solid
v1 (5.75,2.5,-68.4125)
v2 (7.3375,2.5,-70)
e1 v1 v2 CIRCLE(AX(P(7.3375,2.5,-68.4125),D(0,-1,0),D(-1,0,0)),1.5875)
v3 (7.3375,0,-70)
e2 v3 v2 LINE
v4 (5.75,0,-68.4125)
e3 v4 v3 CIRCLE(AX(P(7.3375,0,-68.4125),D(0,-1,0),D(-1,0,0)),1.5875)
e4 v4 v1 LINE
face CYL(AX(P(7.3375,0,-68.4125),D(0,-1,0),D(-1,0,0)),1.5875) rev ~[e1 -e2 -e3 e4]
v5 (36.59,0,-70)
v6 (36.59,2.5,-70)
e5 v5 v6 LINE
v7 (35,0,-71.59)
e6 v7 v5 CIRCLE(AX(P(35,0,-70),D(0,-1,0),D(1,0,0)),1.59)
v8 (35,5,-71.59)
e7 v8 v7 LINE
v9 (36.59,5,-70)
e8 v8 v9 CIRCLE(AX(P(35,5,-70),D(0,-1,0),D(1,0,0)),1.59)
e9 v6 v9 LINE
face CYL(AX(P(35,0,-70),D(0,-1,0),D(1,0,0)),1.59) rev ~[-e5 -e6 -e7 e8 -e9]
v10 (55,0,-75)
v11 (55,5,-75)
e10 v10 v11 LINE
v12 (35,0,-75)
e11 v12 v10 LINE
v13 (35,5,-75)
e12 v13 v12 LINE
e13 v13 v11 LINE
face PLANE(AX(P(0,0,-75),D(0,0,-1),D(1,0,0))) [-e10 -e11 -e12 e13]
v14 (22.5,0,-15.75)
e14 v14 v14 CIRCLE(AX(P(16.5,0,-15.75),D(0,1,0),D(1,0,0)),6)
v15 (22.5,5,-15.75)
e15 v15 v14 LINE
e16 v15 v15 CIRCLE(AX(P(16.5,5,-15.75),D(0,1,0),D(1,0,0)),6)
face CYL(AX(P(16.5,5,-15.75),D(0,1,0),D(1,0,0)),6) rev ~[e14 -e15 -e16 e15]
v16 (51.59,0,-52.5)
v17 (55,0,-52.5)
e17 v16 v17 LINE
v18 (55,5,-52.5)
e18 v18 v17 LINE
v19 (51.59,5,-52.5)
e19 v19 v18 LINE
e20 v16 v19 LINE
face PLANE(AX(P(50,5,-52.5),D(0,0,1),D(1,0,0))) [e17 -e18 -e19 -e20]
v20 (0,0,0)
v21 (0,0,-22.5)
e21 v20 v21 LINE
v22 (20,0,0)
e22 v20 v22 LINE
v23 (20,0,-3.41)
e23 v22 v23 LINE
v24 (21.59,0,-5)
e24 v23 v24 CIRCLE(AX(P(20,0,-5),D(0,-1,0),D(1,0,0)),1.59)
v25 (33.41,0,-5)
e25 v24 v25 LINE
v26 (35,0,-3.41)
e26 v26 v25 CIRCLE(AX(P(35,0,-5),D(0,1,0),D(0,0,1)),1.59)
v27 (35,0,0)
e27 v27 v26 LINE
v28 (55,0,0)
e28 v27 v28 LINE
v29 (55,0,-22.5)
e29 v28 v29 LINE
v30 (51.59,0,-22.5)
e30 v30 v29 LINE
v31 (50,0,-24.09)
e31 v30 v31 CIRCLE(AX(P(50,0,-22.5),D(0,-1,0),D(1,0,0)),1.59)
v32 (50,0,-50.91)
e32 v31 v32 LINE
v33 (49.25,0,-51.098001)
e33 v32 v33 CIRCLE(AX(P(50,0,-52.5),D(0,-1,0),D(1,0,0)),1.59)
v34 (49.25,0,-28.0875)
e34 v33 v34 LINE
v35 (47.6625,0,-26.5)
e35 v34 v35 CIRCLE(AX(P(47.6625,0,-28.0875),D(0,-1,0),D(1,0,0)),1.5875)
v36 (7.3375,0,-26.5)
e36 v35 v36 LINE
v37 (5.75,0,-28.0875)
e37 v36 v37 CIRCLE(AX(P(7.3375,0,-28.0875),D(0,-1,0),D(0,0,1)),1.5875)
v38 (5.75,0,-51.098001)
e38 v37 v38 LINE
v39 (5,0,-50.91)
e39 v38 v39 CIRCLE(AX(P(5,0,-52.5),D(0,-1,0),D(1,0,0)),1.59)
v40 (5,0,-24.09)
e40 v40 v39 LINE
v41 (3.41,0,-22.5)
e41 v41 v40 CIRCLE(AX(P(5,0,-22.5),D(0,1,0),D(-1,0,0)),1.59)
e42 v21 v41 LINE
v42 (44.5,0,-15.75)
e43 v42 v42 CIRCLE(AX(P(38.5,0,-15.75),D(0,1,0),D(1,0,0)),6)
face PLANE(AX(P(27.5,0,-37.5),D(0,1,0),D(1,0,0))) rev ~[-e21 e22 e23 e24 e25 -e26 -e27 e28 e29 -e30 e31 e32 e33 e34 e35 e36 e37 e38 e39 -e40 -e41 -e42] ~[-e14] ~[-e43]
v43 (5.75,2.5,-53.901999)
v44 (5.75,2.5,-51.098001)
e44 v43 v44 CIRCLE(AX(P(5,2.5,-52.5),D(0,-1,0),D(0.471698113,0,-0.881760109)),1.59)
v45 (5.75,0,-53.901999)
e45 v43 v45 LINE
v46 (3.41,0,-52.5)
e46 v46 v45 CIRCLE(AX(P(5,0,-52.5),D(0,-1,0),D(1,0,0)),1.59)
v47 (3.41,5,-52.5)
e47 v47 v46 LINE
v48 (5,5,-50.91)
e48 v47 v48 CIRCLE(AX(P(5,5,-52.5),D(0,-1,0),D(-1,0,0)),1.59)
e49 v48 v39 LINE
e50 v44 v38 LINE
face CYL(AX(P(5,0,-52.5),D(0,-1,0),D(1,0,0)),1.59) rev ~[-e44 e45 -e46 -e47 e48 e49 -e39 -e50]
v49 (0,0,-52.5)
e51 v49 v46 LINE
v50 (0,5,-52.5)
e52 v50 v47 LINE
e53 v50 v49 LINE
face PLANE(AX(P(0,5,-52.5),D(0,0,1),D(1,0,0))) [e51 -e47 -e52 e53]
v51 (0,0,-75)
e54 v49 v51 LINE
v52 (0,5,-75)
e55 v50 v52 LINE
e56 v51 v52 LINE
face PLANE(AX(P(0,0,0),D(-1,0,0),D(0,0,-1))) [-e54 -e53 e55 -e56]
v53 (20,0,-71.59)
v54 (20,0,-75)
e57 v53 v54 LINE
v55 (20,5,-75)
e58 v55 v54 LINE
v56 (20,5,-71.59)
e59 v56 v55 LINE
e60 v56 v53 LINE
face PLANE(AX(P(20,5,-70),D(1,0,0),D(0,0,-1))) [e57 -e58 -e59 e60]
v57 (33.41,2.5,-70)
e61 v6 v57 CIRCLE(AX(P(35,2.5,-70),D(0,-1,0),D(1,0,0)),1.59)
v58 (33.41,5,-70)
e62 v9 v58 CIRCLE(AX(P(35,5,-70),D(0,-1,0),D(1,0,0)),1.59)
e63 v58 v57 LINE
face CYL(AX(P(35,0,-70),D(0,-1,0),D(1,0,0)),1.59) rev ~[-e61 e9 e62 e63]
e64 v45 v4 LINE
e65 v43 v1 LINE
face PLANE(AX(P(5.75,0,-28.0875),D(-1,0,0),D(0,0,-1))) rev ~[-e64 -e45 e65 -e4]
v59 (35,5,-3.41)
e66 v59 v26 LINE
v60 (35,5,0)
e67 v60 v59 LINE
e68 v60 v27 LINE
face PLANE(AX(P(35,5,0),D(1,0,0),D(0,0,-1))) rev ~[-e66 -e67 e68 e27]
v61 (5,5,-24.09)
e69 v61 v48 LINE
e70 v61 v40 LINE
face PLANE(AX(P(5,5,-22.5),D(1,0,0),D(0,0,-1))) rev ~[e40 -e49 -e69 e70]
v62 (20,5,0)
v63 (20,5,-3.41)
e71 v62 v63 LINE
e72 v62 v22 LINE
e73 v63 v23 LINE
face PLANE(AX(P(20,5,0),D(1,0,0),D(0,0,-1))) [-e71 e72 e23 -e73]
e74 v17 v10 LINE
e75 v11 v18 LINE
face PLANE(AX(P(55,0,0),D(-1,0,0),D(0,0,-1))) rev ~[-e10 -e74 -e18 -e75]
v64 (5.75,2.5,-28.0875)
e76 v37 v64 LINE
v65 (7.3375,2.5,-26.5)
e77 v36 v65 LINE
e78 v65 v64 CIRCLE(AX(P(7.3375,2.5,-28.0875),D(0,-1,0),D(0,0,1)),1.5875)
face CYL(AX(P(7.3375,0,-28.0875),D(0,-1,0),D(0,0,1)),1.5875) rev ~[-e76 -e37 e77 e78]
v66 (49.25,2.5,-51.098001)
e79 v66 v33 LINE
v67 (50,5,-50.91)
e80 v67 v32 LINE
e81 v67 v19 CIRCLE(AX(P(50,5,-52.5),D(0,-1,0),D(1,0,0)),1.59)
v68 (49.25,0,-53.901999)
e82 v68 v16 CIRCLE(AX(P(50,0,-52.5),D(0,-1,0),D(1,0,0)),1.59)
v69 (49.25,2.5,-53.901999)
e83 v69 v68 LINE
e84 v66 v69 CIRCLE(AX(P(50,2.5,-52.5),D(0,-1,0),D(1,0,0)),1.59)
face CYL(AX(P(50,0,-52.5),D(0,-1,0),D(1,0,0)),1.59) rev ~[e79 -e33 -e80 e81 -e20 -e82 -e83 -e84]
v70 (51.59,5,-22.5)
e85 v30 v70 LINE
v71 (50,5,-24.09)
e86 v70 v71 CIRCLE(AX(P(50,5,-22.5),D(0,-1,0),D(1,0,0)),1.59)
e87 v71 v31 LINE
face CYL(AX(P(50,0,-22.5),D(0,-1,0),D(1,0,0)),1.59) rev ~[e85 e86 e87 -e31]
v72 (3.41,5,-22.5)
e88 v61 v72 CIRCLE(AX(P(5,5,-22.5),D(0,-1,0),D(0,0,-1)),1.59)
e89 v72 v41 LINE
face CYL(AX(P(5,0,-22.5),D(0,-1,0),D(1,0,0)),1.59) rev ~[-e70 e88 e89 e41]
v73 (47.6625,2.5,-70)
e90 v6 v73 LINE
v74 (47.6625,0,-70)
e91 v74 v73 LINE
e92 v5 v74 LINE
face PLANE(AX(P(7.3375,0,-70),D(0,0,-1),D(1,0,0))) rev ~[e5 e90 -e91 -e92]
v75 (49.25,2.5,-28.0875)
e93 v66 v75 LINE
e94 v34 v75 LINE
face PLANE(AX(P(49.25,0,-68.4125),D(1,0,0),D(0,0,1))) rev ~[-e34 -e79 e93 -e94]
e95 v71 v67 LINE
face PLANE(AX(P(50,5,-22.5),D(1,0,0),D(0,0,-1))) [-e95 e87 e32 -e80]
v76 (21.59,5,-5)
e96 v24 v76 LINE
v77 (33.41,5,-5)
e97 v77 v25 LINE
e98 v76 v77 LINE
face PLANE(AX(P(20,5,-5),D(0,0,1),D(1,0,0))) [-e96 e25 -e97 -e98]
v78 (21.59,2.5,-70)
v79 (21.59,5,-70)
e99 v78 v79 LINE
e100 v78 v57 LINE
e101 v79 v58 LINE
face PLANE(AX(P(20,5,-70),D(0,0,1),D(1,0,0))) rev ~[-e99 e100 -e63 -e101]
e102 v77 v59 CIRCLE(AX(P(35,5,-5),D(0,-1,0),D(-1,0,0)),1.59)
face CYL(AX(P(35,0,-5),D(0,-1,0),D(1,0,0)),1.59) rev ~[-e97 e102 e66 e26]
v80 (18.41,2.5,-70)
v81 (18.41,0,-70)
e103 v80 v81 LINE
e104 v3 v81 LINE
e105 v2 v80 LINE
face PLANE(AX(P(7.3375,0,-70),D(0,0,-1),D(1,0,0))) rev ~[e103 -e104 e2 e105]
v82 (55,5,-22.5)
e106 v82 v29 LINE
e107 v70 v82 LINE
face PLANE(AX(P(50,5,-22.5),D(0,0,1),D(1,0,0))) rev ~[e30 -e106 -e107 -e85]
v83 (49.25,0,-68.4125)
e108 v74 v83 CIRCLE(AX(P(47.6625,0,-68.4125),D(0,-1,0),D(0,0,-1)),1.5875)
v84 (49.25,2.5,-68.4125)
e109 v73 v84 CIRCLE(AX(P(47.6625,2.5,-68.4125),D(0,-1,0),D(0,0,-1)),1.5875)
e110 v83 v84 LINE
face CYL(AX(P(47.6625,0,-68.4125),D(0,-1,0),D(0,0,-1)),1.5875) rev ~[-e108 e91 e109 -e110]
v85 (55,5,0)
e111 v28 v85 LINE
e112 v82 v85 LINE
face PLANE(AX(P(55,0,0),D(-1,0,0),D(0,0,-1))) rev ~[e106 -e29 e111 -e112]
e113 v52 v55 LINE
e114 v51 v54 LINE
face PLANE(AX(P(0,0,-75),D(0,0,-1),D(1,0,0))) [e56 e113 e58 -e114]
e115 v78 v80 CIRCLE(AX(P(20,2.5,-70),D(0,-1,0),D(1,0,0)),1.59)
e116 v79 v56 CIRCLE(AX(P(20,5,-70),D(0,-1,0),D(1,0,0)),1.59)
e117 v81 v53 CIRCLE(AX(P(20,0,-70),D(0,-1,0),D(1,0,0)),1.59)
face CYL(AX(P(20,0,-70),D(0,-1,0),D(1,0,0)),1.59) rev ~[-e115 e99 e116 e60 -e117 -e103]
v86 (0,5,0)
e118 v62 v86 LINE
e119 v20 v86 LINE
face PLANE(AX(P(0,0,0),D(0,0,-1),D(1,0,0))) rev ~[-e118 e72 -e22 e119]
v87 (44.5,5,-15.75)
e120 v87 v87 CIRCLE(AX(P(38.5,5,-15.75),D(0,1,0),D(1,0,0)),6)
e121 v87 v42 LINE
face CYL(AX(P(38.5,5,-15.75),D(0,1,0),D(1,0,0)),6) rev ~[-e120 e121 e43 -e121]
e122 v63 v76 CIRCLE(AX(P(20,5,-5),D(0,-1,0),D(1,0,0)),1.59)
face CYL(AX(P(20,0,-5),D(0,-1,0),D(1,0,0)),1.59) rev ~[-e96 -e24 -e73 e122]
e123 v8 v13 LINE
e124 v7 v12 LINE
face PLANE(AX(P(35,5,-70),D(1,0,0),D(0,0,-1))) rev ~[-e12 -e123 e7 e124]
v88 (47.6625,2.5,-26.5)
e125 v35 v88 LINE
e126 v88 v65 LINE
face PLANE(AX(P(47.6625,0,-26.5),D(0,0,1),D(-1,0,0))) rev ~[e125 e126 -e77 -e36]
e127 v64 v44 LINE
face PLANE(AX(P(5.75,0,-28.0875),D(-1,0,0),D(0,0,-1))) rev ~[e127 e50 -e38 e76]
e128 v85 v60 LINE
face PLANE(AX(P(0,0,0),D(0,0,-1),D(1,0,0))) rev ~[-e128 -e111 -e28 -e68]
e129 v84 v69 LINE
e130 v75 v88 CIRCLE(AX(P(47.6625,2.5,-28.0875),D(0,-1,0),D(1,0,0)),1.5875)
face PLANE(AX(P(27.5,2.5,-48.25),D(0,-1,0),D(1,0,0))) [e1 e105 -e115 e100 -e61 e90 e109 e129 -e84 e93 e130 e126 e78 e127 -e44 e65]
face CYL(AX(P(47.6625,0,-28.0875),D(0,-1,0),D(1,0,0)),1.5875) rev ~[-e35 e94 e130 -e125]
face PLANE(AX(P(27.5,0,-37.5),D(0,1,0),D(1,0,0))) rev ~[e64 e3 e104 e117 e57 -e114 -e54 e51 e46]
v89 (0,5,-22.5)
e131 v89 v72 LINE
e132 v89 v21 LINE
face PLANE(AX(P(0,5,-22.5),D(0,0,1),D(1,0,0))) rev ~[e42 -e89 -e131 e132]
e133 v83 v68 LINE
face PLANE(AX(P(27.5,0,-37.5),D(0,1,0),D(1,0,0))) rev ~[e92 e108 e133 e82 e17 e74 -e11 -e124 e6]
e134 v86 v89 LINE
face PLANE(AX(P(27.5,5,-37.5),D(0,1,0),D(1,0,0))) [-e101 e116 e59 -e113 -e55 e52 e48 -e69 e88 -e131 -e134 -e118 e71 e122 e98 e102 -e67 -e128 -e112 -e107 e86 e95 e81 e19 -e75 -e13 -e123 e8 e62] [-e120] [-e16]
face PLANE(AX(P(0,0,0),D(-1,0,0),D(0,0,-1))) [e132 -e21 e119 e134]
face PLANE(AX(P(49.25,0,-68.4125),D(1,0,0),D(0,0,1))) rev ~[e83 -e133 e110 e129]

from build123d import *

# Parameters (mm, degrees)
SKETCH1_W               = 55
SKETCH1_H               = 75
BOSS_EXTRUDE1_DEPTH     = 5
SKETCH5_W               = 5
SKETCH5_H               = 30
SKETCH5_W_2             = 15
SKETCH5_H_2             = 5
CUT_EXTRUDE3_DEPTH      = 1
CUT_EXTRUDE3_DEPTH_BACK = 6
CUT_EXTRUDE4_DEPTH      = 2.5
SKETCH7_R               = 6
CUT_EXTRUDE5_DEPTH      = 6
SKETCH8_R               = 1.59
CUT_EXTRUDE6_DEPTH      = 6


with BuildPart() as part:
    # Sketch1 → Boss-Extrude1 (new body)
    with BuildSketch(Plane(origin=(0, 0, 0), x_dir=(1, 0, 0), z_dir=(0, 1, 0))):
        with Locations((27.5, 37.5)):
            Rectangle(SKETCH1_W, SKETCH1_H)
    extrude(amount=BOSS_EXTRUDE1_DEPTH)

    # Sketch5 → Cut-Extrude3 (cut, two sides)
    with BuildSketch(Plane(origin=(0, 5, 0), x_dir=(1, 0, 0), z_dir=(0, 1, 0))) as cut_extrude3_sk:
        with Locations((2.5, 37.5)):
            Rectangle(SKETCH5_W, SKETCH5_H)
        with Locations((27.5, 72.5)):
            Rectangle(SKETCH5_W_2, SKETCH5_H_2)
        with Locations((52.5, 37.5)):
            Rectangle(SKETCH5_W, SKETCH5_H)
        with Locations((27.5, 2.5)):
            Rectangle(SKETCH5_W_2, SKETCH5_H_2)
    extrude(amount=CUT_EXTRUDE3_DEPTH, mode=Mode.SUBTRACT)
    extrude(cut_extrude3_sk.sketch, amount=-CUT_EXTRUDE3_DEPTH_BACK, mode=Mode.SUBTRACT)

    # Sketch6 → Cut-Extrude4 (cut)
    with BuildSketch(Plane.XZ):
        with BuildLine():
            Line((7.3375, -70), (47.6625, -70))
            ThreePointArc((47.6625, -70), (48.785032015, -69.535032015), (49.25, -68.4125))
            Line((49.25, -68.4125), (49.25, -28.0875))
            ThreePointArc((49.25, -28.0875), (48.785032015, -26.964967985), (47.6625, -26.5))
            Line((47.6625, -26.5), (7.3375, -26.5))
            ThreePointArc((7.3375, -26.5), (6.214967985, -26.964967985), (5.75, -28.0875))
            Line((5.75, -28.0875), (5.75, -68.4125))
            ThreePointArc((5.75, -68.4125), (6.214967985, -69.535032015), (7.3375, -70))
        make_face()
    extrude(amount=-CUT_EXTRUDE4_DEPTH, mode=Mode.SUBTRACT)

    # Sketch7 → Cut-Extrude5 (cut, through all)
    with BuildSketch(Plane(origin=(0, 5, 0), x_dir=(1, 0, 0), z_dir=(0, 1, 0))):
        with Locations((16.5, 15.75)):
            Circle(SKETCH7_R)
        with Locations((38.5, 15.75)):
            Circle(SKETCH7_R)
    extrude(amount=-CUT_EXTRUDE5_DEPTH, mode=Mode.SUBTRACT)

    # Sketch8 → Cut-Extrude6 (cut, through all)
    with BuildSketch(Plane.XZ):
        with Locations((5, -22.5)):
            Circle(SKETCH8_R)
        with Locations((20, -5)):
            Circle(SKETCH8_R)
        with Locations((35, -5)):
            Circle(SKETCH8_R)
        with Locations((50, -22.5)):
            Circle(SKETCH8_R)
        with Locations((50, -52.5)):
            Circle(SKETCH8_R)
        with Locations((35, -70)):
            Circle(SKETCH8_R)
        with Locations((20, -70)):
            Circle(SKETCH8_R)
        with Locations((5, -52.5)):
            Circle(SKETCH8_R)
    extrude(amount=-CUT_EXTRUDE6_DEPTH, mode=Mode.SUBTRACT)


solid = part.part
